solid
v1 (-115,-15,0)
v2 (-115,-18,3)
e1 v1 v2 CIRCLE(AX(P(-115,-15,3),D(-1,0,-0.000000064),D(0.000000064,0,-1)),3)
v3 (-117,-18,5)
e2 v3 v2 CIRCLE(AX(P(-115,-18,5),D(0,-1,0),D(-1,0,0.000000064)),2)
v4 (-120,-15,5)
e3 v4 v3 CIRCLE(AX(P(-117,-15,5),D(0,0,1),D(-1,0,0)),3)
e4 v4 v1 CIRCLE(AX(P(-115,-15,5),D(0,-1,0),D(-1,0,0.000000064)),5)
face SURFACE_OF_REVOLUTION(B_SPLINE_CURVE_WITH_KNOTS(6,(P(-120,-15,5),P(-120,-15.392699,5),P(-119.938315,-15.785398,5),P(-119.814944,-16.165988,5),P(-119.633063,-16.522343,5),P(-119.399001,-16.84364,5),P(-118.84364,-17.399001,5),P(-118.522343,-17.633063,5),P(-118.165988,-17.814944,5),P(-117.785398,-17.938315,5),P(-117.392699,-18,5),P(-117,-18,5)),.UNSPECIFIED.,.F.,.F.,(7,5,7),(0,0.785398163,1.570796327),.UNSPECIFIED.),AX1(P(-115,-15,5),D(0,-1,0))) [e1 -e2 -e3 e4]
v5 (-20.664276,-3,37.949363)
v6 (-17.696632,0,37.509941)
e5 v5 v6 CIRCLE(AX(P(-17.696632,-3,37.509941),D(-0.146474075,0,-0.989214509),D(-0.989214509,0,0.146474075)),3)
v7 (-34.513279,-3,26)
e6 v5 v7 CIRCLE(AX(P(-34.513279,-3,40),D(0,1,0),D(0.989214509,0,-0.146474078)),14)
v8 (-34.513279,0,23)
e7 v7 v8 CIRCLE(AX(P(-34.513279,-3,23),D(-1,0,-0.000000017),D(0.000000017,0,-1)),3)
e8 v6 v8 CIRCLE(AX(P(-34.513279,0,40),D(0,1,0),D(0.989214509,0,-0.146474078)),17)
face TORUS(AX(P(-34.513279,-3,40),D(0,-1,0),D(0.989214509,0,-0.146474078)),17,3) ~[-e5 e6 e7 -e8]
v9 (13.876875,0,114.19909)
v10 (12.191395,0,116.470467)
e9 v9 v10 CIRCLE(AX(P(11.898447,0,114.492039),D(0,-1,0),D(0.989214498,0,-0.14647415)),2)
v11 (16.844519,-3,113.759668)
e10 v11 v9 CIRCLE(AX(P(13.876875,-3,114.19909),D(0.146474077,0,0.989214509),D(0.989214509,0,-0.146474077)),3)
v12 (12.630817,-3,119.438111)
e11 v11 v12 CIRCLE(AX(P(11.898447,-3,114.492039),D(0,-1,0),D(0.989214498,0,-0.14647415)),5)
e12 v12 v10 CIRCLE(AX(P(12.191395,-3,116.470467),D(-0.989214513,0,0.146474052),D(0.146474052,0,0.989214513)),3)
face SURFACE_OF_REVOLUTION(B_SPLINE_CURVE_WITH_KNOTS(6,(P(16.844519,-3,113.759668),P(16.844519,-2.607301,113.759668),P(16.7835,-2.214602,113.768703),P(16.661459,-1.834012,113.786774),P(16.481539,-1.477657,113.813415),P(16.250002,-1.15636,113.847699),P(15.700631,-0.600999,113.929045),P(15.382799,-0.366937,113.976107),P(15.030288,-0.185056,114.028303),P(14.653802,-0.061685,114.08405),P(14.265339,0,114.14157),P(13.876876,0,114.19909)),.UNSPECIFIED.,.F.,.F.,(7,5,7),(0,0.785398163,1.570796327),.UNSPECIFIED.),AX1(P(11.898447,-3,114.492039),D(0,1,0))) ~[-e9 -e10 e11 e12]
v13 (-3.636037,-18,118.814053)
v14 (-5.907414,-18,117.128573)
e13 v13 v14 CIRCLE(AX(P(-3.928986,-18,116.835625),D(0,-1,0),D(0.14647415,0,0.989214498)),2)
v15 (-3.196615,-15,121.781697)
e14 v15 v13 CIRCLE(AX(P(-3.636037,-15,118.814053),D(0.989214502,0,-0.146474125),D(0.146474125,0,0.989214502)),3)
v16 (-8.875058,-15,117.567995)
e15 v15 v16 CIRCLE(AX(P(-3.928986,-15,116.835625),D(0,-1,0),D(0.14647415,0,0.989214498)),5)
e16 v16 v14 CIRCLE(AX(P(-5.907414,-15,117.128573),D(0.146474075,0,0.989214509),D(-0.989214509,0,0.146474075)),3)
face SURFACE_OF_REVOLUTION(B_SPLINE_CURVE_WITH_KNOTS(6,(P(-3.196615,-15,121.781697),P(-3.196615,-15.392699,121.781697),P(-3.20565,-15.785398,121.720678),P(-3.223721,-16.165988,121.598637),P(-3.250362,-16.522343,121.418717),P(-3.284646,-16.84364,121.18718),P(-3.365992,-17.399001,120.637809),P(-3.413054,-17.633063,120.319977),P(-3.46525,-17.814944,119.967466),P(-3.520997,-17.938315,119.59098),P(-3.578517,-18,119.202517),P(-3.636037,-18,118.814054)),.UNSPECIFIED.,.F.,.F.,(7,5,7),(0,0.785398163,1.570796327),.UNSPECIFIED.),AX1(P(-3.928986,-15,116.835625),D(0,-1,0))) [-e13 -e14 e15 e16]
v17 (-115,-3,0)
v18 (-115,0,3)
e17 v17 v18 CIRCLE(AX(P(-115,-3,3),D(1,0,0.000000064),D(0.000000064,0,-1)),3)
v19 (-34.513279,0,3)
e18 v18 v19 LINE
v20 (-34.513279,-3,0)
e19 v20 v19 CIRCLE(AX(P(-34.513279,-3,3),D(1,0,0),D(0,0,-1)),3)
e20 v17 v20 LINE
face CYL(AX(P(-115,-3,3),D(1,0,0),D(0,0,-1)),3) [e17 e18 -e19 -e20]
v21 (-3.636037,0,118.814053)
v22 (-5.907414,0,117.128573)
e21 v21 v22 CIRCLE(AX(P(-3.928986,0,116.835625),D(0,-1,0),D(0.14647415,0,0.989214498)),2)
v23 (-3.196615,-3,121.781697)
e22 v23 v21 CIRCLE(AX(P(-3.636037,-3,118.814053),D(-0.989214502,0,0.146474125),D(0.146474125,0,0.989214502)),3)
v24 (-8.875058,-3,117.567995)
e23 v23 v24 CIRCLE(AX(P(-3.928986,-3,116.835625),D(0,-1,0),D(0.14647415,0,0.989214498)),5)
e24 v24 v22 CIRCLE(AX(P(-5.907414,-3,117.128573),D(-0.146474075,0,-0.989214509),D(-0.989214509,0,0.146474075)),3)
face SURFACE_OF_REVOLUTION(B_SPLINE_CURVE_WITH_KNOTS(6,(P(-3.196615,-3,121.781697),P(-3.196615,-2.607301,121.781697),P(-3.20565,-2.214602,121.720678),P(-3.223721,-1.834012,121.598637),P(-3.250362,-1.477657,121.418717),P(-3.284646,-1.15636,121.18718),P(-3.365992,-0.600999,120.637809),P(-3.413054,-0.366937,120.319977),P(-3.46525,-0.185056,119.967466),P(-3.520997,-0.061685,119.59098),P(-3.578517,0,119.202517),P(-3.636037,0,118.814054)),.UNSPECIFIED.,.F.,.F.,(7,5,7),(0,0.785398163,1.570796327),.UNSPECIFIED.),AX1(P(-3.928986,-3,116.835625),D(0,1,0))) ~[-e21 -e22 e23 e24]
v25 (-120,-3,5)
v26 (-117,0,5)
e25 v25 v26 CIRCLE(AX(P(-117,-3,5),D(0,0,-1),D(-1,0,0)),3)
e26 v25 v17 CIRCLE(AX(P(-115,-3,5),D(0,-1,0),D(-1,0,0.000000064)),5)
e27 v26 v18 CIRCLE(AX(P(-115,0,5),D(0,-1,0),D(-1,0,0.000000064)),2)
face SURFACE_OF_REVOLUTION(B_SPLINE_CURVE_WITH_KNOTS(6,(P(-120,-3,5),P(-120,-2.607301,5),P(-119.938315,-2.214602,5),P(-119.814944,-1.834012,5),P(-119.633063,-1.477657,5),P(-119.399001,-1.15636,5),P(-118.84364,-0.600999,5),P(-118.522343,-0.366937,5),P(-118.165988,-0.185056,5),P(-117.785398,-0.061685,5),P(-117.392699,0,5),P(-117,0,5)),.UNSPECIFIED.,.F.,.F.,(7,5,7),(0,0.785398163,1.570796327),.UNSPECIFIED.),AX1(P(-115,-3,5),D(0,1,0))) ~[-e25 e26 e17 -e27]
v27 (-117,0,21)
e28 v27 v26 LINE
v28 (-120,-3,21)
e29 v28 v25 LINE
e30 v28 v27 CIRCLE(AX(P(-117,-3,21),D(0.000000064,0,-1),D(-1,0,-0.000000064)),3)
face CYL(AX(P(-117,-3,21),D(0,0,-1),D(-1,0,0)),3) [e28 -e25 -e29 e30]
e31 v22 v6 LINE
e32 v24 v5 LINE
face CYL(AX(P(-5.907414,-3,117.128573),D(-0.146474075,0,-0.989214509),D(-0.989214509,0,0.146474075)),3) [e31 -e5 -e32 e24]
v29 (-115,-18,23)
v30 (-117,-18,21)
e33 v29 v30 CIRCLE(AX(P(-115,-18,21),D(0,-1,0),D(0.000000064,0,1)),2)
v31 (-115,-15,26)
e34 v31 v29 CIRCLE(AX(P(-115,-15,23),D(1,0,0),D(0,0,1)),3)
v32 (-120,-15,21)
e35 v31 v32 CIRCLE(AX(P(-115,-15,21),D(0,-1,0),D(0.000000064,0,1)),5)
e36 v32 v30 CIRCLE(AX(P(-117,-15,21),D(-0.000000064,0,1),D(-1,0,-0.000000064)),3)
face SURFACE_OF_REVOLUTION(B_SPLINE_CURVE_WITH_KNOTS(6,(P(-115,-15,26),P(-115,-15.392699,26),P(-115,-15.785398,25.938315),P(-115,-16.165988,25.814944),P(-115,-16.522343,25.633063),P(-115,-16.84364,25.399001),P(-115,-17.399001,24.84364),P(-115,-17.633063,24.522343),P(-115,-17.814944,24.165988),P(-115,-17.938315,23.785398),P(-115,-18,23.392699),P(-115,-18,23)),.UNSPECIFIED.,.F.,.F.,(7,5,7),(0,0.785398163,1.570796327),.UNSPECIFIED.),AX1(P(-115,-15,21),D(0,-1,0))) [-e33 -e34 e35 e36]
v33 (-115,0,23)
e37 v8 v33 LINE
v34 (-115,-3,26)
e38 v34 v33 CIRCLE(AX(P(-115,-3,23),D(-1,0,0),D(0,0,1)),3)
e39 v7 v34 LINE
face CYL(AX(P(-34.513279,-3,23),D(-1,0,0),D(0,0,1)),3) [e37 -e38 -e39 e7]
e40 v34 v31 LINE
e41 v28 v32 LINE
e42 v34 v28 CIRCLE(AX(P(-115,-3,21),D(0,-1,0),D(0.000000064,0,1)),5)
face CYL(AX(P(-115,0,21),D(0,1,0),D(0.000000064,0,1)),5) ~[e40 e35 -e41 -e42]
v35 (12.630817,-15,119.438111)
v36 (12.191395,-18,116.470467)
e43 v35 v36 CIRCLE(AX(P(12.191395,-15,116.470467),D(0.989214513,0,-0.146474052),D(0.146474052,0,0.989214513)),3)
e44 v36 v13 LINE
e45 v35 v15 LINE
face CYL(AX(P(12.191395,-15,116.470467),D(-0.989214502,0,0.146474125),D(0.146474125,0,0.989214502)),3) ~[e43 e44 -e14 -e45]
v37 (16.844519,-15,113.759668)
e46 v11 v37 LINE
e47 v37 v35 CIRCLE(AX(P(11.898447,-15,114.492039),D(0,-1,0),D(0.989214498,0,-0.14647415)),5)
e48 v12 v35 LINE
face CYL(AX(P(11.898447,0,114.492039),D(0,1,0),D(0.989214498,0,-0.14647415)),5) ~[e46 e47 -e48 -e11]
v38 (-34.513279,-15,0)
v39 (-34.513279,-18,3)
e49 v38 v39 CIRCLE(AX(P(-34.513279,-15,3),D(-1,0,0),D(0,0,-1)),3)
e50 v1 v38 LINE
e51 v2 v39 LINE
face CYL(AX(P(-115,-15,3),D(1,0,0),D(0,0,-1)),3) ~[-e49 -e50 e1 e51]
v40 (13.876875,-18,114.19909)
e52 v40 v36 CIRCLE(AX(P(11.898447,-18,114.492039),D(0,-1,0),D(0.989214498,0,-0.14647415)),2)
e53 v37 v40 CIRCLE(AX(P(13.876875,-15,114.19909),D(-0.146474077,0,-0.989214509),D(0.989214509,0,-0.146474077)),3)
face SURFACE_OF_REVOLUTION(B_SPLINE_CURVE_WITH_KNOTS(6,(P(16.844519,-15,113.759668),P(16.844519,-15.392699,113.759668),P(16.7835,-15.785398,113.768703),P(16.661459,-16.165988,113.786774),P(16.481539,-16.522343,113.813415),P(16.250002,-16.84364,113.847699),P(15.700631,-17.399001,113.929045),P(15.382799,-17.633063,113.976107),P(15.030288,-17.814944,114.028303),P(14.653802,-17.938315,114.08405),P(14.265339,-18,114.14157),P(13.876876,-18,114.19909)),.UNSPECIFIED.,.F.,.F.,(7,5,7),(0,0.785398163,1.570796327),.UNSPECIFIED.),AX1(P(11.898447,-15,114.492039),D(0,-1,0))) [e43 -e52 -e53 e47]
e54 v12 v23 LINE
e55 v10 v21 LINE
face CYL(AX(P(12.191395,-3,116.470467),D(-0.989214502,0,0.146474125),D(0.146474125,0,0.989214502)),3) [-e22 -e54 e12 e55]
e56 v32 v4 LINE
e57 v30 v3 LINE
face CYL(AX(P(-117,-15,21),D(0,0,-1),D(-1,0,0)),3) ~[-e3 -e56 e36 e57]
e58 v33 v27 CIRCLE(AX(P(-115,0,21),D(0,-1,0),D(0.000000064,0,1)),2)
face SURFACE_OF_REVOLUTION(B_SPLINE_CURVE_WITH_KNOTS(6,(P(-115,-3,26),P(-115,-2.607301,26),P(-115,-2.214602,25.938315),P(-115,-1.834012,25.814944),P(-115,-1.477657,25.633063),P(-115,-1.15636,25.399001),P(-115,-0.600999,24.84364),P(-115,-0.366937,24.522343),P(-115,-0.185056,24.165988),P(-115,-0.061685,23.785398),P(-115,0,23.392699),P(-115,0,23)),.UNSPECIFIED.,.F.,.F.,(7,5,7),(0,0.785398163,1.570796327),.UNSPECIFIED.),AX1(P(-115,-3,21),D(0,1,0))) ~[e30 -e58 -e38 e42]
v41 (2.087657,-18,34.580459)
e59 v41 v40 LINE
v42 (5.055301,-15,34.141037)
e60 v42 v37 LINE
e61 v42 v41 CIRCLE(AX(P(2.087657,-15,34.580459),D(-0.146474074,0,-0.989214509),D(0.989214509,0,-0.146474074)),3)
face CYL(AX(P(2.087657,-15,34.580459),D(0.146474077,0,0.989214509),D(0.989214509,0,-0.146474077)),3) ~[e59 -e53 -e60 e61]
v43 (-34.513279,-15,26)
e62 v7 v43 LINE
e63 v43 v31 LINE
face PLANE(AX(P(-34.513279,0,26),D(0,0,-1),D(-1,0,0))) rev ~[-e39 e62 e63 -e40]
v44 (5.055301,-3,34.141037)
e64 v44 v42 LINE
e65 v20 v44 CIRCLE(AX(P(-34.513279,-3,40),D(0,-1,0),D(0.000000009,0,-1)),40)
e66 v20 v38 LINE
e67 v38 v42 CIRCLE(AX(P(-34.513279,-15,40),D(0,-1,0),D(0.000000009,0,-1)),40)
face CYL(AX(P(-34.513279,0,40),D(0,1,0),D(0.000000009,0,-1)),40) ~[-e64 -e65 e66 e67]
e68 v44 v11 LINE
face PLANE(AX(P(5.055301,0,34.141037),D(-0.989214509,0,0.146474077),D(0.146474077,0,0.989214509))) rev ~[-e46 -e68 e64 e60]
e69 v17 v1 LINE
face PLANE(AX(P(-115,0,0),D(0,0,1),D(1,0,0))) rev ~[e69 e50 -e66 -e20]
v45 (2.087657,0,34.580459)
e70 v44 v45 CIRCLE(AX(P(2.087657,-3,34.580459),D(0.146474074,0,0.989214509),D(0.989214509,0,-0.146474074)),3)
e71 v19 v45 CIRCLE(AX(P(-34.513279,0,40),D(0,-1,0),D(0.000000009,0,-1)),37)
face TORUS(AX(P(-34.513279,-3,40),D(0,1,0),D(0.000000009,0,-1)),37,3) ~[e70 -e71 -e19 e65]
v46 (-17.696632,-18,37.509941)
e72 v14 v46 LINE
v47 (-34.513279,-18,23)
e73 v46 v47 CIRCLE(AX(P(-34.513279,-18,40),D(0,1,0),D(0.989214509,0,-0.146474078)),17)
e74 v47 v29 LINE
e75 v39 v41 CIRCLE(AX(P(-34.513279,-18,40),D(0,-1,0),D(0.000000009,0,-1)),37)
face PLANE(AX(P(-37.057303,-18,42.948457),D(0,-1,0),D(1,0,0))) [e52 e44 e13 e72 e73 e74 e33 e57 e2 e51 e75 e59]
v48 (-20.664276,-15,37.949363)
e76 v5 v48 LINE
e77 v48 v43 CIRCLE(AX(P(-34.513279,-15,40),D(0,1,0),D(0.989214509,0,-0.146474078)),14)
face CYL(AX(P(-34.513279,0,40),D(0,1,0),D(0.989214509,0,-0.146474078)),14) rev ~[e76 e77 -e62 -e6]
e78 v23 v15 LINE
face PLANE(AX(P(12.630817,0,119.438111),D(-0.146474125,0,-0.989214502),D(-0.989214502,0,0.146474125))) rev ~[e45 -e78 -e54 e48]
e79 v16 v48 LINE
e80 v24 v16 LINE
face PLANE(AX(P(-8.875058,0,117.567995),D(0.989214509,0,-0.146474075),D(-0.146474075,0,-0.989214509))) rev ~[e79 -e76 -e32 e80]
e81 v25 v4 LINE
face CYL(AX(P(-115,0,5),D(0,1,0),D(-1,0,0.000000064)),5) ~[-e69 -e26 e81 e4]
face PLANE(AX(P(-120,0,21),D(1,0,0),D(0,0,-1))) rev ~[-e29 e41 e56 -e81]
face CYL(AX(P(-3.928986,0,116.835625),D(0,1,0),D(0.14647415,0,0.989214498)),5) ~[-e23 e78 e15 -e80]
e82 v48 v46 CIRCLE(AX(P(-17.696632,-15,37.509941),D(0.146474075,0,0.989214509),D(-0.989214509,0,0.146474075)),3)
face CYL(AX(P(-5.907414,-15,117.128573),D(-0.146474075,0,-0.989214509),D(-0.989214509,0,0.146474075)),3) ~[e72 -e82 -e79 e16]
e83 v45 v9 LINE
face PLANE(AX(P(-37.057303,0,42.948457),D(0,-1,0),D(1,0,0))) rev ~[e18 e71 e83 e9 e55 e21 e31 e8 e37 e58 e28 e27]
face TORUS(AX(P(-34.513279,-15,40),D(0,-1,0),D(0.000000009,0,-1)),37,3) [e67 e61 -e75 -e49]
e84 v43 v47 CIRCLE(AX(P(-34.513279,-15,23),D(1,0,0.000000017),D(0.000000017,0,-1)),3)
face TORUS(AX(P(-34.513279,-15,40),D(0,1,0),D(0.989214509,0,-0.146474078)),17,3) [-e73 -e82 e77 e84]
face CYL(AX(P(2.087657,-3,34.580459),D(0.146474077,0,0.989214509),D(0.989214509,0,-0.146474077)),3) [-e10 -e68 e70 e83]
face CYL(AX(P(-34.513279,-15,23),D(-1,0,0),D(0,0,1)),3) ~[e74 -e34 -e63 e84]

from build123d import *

# Parameters (mm, degrees)
F1_DEPTH = 18
F2_R     = 3


with BuildPart() as f1:
    # F0 (on Front) → F1 (new body)
    with BuildSketch(Plane.XZ):
        with BuildLine():
            ThreePointArc((-120, 5), (-118.535534, 1.464466), (-115, 0))
            Line((-115, 0), (-34.513279, 0))
            ThreePointArc((-34.513279, 0), (-8.382441, 9.715032), (5.055301, 34.141037))
            Line((5.055301, 34.141037), (16.844519, 113.759668))
            ThreePointArc((16.844519, 113.759668), (15.913712, 117.471576), (12.630817, 119.438111))
            Line((12.630817, 119.438111), (-3.196615, 121.781697))
            ThreePointArc((-3.196615, 121.781697), (-6.908523, 120.85089), (-8.875058, 117.567995))
            Line((-8.875058, 117.567995), (-20.664276, 37.949363))
            ThreePointArc((-20.664276, 37.949363), (-25.367486, 29.400261), (-34.513279, 26))
            Line((-34.513279, 26), (-115, 26))
            ThreePointArc((-115, 26), (-118.535534, 24.535534), (-120, 21))
            Line((-120, 21), (-120, 5))
        make_face()
    extrude(amount=F1_DEPTH)

    # F2
    f2_edges = [f1.edges().sort_by_distance(p)[0] for p in [
        (-14.769667, -18, 77.758679),
        (-25.367486, -18, 29.400261),
        (-74.75664, -18, 26),
        (-118.535534, -18, 24.535534),
        (-120, -18, 13),
        (-118.535534, -18, 1.464466),
        (-74.75664, -18, 0),
        (-8.382441, -18, 9.715032),
        (10.94991, -18, 73.950353),
        (15.913712, -18, 117.471576),
        (4.717101, -18, 120.609904),
        (-6.908523, -18, 120.85089),
        (-14.769667, 0, 77.758679),
        (-25.367486, 0, 29.400261),
        (-74.75664, 0, 26),
        (-118.535534, 0, 24.535534),
        (-120, 0, 13),
        (-118.535534, 0, 1.464466),
        (-74.75664, 0, 0),
        (-8.382441, 0, 9.715032),
        (10.94991, 0, 73.950353),
        (15.913712, 0, 117.471576),
        (4.717101, 0, 120.609904),
        (-6.908523, 0, 120.85089),
    ]]
    fillet(f2_edges, radius=F2_R)


solid = f1.part
